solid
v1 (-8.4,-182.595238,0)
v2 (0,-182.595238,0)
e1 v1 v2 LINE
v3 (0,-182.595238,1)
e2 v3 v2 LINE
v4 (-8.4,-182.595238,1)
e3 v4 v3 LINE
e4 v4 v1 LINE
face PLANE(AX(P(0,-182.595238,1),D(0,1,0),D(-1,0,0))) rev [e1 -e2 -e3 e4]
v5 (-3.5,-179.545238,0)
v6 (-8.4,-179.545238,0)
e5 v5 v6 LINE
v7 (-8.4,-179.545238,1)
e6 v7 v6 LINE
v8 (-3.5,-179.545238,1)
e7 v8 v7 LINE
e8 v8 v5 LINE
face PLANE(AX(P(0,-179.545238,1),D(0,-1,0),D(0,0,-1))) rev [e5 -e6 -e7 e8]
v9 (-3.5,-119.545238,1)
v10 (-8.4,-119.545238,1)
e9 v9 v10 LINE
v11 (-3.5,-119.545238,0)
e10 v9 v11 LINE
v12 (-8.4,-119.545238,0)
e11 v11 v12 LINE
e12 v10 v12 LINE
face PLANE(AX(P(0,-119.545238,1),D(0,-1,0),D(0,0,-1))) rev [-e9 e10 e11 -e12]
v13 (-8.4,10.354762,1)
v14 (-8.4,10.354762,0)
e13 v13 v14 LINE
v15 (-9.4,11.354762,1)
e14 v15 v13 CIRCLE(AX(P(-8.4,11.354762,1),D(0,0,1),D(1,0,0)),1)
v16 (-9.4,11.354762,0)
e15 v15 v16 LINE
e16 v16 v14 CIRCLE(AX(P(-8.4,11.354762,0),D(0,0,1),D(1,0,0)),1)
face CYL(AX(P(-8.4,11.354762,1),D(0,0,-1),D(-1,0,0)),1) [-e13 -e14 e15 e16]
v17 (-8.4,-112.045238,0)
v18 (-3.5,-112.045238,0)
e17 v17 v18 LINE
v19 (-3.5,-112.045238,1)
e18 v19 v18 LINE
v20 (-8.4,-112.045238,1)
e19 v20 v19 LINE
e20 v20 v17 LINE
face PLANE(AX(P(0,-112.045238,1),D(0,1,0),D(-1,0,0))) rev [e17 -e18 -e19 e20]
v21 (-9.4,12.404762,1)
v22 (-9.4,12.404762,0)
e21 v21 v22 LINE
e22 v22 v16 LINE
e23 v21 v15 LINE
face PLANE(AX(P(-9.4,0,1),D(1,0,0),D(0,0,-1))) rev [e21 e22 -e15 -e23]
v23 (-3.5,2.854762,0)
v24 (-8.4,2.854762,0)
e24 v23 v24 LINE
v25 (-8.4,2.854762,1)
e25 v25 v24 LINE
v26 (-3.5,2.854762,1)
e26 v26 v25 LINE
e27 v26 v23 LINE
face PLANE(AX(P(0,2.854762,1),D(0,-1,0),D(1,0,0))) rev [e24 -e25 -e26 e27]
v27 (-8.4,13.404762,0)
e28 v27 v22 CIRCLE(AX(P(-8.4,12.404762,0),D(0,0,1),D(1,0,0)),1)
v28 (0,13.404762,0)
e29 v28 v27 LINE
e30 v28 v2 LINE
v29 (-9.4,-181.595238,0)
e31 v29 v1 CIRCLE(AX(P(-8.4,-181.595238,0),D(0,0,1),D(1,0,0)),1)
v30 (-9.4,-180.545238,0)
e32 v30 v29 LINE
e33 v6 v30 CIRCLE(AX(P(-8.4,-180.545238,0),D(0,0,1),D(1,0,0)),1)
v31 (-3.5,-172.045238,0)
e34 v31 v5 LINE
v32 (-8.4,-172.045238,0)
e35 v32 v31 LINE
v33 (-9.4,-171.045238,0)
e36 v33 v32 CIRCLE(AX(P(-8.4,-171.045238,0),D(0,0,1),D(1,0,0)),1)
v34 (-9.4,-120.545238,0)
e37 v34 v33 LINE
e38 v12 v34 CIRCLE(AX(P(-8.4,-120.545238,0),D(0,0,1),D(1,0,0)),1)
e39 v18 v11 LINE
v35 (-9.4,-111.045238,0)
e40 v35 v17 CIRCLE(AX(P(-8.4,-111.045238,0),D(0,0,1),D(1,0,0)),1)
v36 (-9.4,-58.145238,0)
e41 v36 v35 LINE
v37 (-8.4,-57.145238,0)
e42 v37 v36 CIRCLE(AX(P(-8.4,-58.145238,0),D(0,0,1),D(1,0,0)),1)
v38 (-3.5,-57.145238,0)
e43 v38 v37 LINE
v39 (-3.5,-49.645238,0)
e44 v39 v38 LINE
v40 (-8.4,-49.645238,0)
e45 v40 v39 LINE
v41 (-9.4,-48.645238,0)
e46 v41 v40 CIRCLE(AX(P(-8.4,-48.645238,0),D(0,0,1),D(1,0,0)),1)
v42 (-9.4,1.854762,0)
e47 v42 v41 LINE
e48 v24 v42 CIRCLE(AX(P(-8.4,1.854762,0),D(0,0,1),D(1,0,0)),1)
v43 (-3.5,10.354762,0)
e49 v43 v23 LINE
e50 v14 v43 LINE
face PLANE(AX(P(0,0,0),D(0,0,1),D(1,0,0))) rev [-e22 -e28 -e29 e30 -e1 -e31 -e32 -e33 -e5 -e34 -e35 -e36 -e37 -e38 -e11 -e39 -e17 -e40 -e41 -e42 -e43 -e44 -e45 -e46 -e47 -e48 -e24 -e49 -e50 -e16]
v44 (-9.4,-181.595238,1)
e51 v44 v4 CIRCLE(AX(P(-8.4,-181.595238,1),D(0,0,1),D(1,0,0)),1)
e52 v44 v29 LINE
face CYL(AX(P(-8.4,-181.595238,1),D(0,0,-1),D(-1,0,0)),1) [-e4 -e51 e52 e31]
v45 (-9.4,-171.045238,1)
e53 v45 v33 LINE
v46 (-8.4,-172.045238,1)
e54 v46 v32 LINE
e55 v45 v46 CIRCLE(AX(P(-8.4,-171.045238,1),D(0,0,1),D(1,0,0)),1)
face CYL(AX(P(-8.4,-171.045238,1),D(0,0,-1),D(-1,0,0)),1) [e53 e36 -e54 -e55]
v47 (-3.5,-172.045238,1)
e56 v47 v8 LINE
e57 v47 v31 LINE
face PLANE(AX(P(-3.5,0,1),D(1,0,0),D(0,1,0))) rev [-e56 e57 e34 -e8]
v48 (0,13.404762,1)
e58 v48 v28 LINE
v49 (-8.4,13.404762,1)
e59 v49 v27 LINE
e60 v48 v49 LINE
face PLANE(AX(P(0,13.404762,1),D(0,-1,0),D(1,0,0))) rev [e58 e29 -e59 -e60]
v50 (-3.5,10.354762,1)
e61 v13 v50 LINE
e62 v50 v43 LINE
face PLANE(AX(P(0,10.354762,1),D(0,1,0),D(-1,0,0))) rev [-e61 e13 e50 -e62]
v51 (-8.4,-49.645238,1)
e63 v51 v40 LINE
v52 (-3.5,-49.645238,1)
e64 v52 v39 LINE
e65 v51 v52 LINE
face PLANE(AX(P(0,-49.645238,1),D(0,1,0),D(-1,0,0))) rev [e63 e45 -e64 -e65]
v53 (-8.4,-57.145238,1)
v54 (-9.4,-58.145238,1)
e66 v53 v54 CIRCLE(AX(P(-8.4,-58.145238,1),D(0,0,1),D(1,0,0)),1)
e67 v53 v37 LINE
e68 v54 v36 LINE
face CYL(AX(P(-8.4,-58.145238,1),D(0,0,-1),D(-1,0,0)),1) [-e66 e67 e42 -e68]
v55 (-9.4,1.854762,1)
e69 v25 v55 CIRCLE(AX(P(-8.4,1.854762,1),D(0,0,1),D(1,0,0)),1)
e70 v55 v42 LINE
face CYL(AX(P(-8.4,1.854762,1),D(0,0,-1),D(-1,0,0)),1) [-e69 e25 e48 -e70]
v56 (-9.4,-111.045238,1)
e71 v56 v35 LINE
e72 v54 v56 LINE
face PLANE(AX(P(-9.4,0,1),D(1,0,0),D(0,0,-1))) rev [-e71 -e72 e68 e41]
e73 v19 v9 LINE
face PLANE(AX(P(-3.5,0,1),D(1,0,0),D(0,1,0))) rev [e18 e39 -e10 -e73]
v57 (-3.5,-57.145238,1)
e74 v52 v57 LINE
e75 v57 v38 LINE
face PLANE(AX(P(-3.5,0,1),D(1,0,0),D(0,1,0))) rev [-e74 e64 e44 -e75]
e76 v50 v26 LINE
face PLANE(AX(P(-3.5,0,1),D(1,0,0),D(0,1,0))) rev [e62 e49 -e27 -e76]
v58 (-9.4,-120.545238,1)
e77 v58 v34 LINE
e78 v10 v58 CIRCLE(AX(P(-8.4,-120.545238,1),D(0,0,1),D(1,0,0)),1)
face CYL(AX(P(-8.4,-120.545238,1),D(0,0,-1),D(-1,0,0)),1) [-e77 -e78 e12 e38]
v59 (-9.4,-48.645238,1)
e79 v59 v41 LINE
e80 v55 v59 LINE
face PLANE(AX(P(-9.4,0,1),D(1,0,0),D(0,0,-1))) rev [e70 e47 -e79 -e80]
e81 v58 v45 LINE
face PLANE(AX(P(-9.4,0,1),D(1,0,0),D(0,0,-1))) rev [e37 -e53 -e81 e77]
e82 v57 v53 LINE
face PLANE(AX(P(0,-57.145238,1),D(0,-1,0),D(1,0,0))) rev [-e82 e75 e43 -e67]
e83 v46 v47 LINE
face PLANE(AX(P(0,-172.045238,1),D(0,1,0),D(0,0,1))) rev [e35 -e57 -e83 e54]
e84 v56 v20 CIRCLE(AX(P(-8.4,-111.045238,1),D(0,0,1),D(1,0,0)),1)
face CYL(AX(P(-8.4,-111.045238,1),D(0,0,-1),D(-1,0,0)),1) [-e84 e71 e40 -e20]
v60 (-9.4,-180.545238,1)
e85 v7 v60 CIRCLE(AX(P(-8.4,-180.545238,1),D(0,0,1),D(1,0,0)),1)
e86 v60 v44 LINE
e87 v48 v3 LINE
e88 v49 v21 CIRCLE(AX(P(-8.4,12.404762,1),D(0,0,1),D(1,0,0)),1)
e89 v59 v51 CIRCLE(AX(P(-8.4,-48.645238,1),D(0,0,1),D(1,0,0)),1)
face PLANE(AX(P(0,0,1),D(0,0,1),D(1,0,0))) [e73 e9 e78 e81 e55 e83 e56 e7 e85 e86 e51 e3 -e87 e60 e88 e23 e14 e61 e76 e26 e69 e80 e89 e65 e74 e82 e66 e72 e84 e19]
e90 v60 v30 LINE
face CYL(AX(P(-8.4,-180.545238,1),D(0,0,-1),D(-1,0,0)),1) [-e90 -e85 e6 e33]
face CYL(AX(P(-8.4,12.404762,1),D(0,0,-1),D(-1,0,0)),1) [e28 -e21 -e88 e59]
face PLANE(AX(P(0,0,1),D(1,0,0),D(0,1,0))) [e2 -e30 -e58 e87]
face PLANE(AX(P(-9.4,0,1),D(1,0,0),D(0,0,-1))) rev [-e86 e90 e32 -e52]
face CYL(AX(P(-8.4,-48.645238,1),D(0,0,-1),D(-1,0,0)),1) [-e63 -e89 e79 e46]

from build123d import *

# Parameters (mm, degrees)
BOSS_EXTRUDE1_DEPTH = 1


with BuildPart() as part:
    # Sketch1 → Boss-Extrude1 (new body)
    with BuildSketch(Plane.XY):
        with BuildLine():
            Line((-4.5, -182.595238095), (0, -182.595238095))
            Line((0, -182.595238095), (0, 13.404761905))
            Line((0, 13.404761905), (-4.5, 13.404761905))
            Line((-4.5, 13.404761905), (-8.4, 13.404761905))
            ThreePointArc((-8.4, 13.404761905), (-9.107106781, 13.111868686), (-9.4, 12.404761905))
            Line((-9.4, 12.404761905), (-9.4, 11.354761905))
            ThreePointArc((-9.4, 11.354761905), (-9.107106781, 10.647655124), (-8.4, 10.354761905))
            Line((-8.4, 10.354761905), (-4.5, 10.354761905))
            Line((-4.5, 10.354761905), (-3.5, 10.354761905))
            Line((-3.5, 10.354761905), (-3.5, 2.854761905))
            Line((-3.5, 2.854761905), (-4.5, 2.854761905))
            Line((-4.5, 2.854761905), (-8.4, 2.854761905))
            ThreePointArc((-8.4, 2.854761905), (-9.107106781, 2.561868686), (-9.4, 1.854761905))
            Line((-9.4, 1.854761905), (-9.4, -48.645238095))
            ThreePointArc((-9.4, -48.645238095), (-9.107106781, -49.352344876), (-8.4, -49.645238095))
            Line((-8.4, -49.645238095), (-4.5, -49.645238095))
            Line((-4.5, -49.645238095), (-3.5, -49.645238095))
            Line((-3.5, -49.645238095), (-3.5, -57.145238095))
            Line((-3.5, -57.145238095), (-4.5, -57.145238095))
            Line((-4.5, -57.145238095), (-8.4, -57.145238095))
            ThreePointArc((-8.4, -57.145238095), (-9.107106781, -57.438131314), (-9.4, -58.145238095))
            Line((-9.4, -58.145238095), (-9.4, -111.045238095))
            ThreePointArc((-9.4, -111.045238095), (-9.107106781, -111.752344876), (-8.4, -112.045238095))
            Line((-8.4, -112.045238095), (-4.5, -112.045238095))
            Line((-4.5, -112.045238095), (-3.5, -112.045238095))
            Line((-3.5, -112.045238095), (-3.5, -119.545238095))
            Line((-3.5, -119.545238095), (-4.5, -119.545238095))
            Line((-4.5, -119.545238095), (-8.4, -119.545238095))
            ThreePointArc((-8.4, -119.545238095), (-9.107106781, -119.838131314), (-9.4, -120.545238095))
            Line((-9.4, -120.545238095), (-9.4, -171.045238095))
            ThreePointArc((-9.4, -171.045238095), (-9.107106781, -171.752344876), (-8.4, -172.045238095))
            Line((-8.4, -172.045238095), (-4.5, -172.045238095))
            Line((-4.5, -172.045238095), (-3.5, -172.045238095))
            Line((-3.5, -172.045238095), (-3.5, -179.545238095))
            Line((-3.5, -179.545238095), (-4.5, -179.545238095))
            Line((-4.5, -179.545238095), (-8.4, -179.545238095))
            ThreePointArc((-8.4, -179.545238095), (-9.107106781, -179.838131314), (-9.4, -180.545238095))
            Line((-9.4, -180.545238095), (-9.4, -181.595238095))
            ThreePointArc((-9.4, -181.595238095), (-9.107106781, -182.302344876), (-8.4, -182.595238095))
            Line((-8.4, -182.595238095), (-4.5, -182.595238095))
        make_face()
    extrude(amount=BOSS_EXTRUDE1_DEPTH)


solid = part.part
